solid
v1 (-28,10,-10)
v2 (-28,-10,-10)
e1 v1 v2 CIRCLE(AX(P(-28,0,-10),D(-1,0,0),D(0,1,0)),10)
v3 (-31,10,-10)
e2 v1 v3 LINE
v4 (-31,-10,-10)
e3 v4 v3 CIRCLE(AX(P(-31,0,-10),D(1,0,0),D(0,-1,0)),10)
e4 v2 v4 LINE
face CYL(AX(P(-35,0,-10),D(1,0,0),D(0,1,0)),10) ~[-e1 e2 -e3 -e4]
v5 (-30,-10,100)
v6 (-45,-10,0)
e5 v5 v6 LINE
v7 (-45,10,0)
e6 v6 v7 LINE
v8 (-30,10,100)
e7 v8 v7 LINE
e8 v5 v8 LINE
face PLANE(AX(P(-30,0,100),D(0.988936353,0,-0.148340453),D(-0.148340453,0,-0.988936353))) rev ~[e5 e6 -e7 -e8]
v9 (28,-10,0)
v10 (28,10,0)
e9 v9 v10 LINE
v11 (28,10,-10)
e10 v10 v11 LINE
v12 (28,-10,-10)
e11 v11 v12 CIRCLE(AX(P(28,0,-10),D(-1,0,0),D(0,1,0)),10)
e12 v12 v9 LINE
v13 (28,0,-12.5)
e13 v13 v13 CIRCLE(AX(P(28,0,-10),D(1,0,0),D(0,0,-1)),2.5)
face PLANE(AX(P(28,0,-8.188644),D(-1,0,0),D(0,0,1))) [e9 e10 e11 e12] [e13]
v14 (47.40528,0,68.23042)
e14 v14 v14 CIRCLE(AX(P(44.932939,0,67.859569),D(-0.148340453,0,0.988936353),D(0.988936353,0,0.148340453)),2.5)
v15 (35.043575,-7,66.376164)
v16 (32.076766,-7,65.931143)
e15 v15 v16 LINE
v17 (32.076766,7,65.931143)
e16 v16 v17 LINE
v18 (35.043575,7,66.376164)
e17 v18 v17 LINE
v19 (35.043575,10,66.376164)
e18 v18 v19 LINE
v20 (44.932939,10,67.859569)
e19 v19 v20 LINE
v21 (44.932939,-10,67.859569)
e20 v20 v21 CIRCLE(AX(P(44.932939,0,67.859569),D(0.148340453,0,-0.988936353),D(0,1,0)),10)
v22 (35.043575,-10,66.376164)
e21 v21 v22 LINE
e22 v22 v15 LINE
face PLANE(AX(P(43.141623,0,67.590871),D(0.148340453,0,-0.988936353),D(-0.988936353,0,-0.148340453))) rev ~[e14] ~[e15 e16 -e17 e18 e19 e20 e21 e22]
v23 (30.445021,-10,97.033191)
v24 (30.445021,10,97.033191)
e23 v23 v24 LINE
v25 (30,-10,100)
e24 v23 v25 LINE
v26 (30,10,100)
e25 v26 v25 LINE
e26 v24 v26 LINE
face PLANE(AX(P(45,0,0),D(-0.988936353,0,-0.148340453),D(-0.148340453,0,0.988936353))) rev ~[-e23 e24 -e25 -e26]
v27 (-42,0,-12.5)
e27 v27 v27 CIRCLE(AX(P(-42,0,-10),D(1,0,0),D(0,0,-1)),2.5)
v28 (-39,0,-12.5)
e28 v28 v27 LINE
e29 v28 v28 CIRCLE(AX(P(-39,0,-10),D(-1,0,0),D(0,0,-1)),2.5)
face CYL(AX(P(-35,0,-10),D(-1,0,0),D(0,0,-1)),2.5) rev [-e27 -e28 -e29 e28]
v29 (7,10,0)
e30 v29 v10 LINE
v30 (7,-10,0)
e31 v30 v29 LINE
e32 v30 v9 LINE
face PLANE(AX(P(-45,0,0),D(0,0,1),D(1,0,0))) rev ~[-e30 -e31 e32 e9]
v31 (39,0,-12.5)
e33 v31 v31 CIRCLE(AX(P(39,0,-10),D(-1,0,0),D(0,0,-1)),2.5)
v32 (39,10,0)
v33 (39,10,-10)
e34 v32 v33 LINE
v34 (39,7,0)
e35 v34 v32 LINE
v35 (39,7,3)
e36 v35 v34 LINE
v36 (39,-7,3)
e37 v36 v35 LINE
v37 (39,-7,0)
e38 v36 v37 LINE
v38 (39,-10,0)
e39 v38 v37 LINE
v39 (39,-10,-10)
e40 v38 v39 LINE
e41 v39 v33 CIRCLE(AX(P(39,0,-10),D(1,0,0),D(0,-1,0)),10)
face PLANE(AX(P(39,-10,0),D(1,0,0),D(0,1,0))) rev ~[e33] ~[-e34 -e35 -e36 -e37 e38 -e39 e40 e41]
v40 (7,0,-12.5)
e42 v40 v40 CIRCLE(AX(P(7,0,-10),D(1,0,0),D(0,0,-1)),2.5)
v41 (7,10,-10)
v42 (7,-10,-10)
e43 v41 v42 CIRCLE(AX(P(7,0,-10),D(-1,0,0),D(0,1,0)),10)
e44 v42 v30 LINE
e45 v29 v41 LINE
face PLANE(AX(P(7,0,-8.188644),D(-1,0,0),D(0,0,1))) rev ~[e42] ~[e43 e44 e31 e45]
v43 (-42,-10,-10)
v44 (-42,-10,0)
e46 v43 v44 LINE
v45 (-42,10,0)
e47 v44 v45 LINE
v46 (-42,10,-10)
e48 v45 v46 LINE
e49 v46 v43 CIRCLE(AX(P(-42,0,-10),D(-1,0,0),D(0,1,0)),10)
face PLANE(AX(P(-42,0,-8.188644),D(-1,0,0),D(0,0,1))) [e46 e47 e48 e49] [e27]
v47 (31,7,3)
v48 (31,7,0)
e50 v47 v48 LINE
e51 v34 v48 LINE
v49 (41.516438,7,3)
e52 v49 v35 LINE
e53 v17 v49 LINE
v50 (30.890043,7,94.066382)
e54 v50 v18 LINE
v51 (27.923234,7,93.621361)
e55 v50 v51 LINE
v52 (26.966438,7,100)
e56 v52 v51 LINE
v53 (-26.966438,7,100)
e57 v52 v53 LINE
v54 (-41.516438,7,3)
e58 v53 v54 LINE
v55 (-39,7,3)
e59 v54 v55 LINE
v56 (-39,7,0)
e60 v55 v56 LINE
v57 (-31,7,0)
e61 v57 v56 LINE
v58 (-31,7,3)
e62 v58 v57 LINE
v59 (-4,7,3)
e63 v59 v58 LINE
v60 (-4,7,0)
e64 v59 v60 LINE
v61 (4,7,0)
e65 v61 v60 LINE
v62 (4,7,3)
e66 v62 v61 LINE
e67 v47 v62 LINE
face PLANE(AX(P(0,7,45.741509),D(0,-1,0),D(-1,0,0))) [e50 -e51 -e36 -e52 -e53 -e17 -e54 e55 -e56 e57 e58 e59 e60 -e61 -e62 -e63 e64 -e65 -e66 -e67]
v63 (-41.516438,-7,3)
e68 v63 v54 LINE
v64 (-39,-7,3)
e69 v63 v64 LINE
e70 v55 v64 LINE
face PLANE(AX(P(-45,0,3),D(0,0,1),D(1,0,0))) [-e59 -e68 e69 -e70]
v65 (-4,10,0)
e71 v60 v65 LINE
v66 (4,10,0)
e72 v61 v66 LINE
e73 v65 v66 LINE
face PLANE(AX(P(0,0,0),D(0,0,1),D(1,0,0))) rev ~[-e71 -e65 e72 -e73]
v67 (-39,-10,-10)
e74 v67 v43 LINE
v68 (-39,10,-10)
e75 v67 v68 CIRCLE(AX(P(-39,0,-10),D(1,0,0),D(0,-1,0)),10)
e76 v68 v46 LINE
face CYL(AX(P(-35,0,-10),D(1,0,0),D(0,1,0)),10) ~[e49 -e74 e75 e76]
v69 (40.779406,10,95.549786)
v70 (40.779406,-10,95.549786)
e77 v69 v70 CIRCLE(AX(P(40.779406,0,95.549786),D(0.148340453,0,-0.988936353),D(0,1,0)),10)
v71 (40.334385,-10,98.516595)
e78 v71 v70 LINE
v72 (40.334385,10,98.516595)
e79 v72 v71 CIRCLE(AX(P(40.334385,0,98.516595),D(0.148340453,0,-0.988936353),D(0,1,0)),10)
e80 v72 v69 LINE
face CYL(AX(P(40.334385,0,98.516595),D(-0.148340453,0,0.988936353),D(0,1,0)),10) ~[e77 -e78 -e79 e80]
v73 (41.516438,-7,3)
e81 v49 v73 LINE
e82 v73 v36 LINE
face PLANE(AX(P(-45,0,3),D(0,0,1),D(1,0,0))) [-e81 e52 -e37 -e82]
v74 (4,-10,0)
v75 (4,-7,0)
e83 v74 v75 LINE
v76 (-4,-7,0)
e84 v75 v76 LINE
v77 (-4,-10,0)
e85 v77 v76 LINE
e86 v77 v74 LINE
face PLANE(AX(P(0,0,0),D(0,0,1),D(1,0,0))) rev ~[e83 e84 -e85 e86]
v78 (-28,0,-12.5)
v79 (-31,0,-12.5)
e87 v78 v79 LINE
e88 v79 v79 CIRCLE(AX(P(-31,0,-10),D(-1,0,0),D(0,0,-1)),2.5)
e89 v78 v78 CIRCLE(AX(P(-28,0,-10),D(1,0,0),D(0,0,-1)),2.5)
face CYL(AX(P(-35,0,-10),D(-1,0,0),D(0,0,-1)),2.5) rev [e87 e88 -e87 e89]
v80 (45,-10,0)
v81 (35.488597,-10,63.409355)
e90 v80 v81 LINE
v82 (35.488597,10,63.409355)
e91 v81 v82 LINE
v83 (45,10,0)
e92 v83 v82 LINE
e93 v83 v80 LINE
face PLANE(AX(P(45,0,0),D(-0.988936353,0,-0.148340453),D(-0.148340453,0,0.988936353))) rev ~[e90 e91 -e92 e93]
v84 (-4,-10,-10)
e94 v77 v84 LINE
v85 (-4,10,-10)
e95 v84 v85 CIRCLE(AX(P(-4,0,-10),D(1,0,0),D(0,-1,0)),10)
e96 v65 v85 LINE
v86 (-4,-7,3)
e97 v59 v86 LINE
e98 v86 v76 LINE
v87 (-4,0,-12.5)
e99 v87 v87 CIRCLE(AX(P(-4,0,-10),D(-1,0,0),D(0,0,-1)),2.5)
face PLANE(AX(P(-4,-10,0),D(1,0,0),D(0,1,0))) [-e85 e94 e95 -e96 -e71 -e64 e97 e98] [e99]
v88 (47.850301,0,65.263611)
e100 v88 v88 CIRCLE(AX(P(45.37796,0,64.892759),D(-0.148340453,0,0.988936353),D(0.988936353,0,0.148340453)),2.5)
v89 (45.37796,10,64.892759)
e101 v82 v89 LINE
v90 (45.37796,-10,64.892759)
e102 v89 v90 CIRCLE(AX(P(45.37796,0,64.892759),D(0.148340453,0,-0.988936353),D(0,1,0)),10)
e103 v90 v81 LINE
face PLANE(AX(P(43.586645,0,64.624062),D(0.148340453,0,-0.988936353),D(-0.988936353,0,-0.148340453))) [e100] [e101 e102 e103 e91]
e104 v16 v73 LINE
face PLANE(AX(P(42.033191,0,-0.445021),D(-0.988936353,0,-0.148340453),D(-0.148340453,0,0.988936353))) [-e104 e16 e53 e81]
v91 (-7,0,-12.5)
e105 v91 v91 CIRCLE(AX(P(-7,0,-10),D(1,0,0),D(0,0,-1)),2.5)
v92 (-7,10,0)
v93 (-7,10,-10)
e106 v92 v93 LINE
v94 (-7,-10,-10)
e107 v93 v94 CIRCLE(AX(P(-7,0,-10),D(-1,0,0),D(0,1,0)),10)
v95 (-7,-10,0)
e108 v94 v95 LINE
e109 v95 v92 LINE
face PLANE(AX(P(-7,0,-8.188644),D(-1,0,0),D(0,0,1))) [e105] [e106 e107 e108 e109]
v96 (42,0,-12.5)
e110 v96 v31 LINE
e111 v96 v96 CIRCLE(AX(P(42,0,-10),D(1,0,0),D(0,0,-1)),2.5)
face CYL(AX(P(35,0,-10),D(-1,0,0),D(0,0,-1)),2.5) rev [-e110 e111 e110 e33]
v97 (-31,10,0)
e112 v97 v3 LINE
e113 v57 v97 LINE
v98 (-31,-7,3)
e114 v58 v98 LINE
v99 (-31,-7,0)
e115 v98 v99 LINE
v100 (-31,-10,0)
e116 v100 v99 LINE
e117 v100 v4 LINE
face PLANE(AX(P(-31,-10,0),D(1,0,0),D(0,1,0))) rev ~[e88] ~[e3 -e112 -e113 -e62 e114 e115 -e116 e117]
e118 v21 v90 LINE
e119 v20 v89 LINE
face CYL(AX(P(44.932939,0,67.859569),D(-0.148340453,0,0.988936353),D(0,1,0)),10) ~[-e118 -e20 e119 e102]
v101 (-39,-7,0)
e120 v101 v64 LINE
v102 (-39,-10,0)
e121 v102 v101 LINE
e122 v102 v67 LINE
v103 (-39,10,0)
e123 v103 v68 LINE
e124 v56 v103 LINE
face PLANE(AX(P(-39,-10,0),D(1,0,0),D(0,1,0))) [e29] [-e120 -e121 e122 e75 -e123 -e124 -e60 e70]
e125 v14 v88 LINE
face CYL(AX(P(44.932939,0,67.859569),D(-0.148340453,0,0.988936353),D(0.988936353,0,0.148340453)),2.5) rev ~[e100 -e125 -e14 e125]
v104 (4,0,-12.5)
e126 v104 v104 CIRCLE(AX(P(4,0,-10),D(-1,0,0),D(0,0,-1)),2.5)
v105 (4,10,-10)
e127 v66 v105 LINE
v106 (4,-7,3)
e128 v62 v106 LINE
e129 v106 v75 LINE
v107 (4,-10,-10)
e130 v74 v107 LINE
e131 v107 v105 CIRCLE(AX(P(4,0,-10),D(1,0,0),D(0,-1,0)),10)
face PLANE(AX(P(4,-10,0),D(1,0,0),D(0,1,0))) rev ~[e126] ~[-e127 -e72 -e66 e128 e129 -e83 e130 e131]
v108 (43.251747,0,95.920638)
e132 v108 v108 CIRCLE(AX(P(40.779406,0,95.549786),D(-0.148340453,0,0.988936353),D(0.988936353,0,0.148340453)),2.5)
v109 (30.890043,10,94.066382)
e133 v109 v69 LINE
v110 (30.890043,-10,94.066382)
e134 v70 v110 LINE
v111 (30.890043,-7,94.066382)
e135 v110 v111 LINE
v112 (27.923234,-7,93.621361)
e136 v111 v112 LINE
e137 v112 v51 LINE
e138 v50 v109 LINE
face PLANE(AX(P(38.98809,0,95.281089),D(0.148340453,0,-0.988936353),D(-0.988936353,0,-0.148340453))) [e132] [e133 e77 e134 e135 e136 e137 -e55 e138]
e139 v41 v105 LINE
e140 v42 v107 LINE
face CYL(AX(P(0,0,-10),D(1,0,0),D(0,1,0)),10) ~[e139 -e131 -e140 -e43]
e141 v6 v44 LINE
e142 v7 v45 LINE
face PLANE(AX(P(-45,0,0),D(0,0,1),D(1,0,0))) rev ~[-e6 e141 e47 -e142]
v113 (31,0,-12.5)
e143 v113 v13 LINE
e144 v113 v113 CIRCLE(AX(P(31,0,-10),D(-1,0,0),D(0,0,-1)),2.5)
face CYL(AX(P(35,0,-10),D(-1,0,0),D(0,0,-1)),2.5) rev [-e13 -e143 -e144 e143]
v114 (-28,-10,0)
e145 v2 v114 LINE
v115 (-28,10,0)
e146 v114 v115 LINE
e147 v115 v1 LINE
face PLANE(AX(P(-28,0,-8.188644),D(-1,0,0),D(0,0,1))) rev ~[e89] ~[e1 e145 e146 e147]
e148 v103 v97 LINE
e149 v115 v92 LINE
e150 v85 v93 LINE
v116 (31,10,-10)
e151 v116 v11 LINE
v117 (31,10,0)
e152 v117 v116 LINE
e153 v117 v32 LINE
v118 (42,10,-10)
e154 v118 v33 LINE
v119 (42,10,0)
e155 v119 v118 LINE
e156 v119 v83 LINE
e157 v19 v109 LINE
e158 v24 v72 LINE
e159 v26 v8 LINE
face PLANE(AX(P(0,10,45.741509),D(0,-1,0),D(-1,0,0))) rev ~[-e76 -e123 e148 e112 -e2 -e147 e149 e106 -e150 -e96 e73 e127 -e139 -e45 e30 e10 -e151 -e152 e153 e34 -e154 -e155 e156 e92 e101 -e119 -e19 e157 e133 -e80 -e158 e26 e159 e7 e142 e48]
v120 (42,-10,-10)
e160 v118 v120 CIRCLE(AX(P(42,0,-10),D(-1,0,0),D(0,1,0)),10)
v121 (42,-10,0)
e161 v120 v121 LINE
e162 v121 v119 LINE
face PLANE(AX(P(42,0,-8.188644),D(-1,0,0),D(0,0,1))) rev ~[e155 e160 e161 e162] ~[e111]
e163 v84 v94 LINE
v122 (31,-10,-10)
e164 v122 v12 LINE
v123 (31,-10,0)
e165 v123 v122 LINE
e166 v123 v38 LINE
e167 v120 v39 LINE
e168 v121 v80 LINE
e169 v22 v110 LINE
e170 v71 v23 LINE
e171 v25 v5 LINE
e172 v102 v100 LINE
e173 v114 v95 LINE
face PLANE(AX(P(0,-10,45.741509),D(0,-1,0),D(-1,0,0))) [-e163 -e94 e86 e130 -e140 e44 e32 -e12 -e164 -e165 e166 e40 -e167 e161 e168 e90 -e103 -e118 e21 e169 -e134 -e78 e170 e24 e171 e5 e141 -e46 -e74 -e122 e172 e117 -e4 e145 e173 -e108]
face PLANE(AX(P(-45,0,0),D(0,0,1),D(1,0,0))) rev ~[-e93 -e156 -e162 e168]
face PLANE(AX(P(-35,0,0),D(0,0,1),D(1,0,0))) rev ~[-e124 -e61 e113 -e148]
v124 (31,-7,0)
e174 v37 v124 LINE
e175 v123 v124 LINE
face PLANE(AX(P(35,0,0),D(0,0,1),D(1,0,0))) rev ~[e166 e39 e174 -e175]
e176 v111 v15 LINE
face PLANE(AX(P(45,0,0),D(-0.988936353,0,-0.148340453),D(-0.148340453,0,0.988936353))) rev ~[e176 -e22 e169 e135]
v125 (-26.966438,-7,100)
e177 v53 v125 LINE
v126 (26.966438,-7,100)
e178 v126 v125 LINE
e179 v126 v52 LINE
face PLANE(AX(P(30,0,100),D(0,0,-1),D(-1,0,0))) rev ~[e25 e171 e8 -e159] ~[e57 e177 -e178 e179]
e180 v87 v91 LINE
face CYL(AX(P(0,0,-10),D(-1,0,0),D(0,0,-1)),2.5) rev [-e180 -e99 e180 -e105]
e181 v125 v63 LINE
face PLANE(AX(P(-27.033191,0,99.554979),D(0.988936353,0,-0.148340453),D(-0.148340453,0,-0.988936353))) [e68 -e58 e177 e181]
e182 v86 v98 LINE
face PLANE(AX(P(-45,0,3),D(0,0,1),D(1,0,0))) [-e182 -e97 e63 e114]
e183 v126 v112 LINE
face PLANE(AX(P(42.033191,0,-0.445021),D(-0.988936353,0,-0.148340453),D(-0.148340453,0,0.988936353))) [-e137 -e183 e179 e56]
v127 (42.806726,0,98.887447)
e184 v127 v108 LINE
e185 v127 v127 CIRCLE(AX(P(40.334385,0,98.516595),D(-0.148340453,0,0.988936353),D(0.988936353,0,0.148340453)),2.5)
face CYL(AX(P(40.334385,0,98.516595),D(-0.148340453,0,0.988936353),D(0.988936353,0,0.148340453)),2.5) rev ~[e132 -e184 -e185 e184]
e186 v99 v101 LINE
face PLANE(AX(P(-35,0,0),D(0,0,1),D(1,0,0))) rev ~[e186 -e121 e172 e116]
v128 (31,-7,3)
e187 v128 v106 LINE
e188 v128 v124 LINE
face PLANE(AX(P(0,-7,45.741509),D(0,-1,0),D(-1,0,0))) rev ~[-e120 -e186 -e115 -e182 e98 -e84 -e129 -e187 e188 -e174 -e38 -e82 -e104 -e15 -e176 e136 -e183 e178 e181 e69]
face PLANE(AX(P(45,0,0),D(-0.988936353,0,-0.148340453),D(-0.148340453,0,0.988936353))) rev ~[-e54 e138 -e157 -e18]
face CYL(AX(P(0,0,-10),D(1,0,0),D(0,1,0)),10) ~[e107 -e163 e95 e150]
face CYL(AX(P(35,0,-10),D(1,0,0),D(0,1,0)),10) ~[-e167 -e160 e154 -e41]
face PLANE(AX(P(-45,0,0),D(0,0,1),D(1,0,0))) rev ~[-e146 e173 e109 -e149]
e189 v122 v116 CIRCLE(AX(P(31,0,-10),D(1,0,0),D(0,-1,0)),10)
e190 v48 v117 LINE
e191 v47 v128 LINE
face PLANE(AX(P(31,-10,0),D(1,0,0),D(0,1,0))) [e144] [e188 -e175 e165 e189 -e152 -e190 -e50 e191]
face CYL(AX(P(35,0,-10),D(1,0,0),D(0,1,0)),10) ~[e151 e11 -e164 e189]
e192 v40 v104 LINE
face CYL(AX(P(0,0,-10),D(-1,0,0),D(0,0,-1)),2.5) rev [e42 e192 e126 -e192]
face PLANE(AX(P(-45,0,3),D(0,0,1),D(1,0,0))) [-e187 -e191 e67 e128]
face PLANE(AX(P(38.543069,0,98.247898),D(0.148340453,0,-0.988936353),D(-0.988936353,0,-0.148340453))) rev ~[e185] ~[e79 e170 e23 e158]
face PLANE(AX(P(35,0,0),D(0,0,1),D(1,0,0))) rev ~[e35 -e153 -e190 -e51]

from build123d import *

# Parameters (mm, degrees)
BOSS_EXTRUDE1_DEPTH = 10
BOSS_EXTRUDE2_START = 35
SKETCH2_R           = 2.5
BOSS_EXTRUDE2_DEPTH = 7
LPATTERN1_COUNT     = 3
LPATTERN1_PITCH     = 35
SHELL1_T            = -3
SKETCH3_W           = 8
SKETCH3_H           = 20
CUT_EXTRUDE1_DEPTH  = 20
BOSS_EXTRUDE3_START = -3
SKETCH5_R           = 2.5
BOSS_EXTRUDE3_DEPTH = 3
LPATTERN2_COUNT     = 2
LPATTERN2_PITCH     = 31
SKETCH6_W           = 28
SKETCH6_H           = 14
CUT_EXTRUDE2_DEPTH  = 3


with BuildPart() as part:
    # Sketch1 → Boss-Extrude1 (new body, symmetric)
    with BuildSketch(Plane(origin=(0, 0, 0), x_dir=(1, 0, 0), z_dir=(0, 1, 0))):
        Polygon((-45, 0), (45, 0), (30, -100), (-30, -100), align=None)
    extrude(amount=BOSS_EXTRUDE1_DEPTH, both=True)

    # Sketch2 → Boss-Extrude2 (add, symmetric)
    with BuildSketch(Plane(origin=(0, 0, 0), x_dir=(0, 0, -1), z_dir=(1, 0, 0)).offset(BOSS_EXTRUDE2_START)):
        with BuildLine():
            Line((0, 10), (10, 10))
            ThreePointArc((10, 10), (20, 0), (10, -10))
            Line((10, -10), (0, -10))
            Line((0, -10), (0, 10))
        make_face()
        with Locations((10, 0)):
            Circle(SKETCH2_R, mode=Mode.SUBTRACT)
    boss_extrude2 = extrude(amount=BOSS_EXTRUDE2_DEPTH, both=True)

    # LPattern1: Boss-Extrude2 ×3
    with Locations(*[(-i * LPATTERN1_PITCH, 0, 0) for i in range(1, LPATTERN1_COUNT)]):
        add(boss_extrude2)

    # Shell1
    shell1_openings = [part.faces().sort_by_distance(p)[0] for p in [
        (0, 0, 100),
    ]]
    offset(amount=SHELL1_T, openings=shell1_openings, kind=Kind.INTERSECTION)

    # Sketch3 → Cut-Extrude1 (cut)
    with BuildSketch(Plane.XY):
        with Locations((35, 0)):
            Rectangle(SKETCH3_W, SKETCH3_H)
        Rectangle(SKETCH3_W, SKETCH3_H)
        with Locations((-35, 0)):
            Rectangle(SKETCH3_W, SKETCH3_H)
    extrude(amount=-CUT_EXTRUDE1_DEPTH, mode=Mode.SUBTRACT)

    # Sketch5 → Boss-Extrude3 (add)
    with BuildSketch(Plane(origin=(-14.009779951, 0, 93.398533007), x_dir=(0.988936353, 0, 0.148340453), z_dir=(-0.148340453, 0, 0.988936353)).offset(BOSS_EXTRUDE3_START)):
        with BuildLine():
            Line((44.502135879, 10), (54.502135879, 10))
            ThreePointArc((54.502135879, 10), (64.502135879, 0), (54.502135879, -10))
            Line((54.502135879, -10), (44.502135879, -10))
            Line((44.502135879, -10), (44.502135879, 10))
        make_face()
        with Locations((54.502135879, 0)):
            Circle(SKETCH5_R, mode=Mode.SUBTRACT)
    boss_extrude3 = extrude(amount=-BOSS_EXTRUDE3_DEPTH)

    # LPattern2: Boss-Extrude3 ×2
    with Locations(*[Vector(0.148340453, 0, -0.988936353) * (i * LPATTERN2_PITCH) for i in range(1, LPATTERN2_COUNT)]):
        add(boss_extrude3)

    # Sketch6 → Cut-Extrude2 (cut)
    with BuildSketch(Plane(origin=(44.009779951, 0, 6.601466993), x_dir=(0.148340453, 0, -0.988936353), z_dir=(0.988936353, 0, 0.148340453))):
        with Locations((-74.443421699, 0)):
            Rectangle(SKETCH6_W, SKETCH6_H)
    extrude(amount=-CUT_EXTRUDE2_DEPTH, mode=Mode.SUBTRACT)


solid = part.part
